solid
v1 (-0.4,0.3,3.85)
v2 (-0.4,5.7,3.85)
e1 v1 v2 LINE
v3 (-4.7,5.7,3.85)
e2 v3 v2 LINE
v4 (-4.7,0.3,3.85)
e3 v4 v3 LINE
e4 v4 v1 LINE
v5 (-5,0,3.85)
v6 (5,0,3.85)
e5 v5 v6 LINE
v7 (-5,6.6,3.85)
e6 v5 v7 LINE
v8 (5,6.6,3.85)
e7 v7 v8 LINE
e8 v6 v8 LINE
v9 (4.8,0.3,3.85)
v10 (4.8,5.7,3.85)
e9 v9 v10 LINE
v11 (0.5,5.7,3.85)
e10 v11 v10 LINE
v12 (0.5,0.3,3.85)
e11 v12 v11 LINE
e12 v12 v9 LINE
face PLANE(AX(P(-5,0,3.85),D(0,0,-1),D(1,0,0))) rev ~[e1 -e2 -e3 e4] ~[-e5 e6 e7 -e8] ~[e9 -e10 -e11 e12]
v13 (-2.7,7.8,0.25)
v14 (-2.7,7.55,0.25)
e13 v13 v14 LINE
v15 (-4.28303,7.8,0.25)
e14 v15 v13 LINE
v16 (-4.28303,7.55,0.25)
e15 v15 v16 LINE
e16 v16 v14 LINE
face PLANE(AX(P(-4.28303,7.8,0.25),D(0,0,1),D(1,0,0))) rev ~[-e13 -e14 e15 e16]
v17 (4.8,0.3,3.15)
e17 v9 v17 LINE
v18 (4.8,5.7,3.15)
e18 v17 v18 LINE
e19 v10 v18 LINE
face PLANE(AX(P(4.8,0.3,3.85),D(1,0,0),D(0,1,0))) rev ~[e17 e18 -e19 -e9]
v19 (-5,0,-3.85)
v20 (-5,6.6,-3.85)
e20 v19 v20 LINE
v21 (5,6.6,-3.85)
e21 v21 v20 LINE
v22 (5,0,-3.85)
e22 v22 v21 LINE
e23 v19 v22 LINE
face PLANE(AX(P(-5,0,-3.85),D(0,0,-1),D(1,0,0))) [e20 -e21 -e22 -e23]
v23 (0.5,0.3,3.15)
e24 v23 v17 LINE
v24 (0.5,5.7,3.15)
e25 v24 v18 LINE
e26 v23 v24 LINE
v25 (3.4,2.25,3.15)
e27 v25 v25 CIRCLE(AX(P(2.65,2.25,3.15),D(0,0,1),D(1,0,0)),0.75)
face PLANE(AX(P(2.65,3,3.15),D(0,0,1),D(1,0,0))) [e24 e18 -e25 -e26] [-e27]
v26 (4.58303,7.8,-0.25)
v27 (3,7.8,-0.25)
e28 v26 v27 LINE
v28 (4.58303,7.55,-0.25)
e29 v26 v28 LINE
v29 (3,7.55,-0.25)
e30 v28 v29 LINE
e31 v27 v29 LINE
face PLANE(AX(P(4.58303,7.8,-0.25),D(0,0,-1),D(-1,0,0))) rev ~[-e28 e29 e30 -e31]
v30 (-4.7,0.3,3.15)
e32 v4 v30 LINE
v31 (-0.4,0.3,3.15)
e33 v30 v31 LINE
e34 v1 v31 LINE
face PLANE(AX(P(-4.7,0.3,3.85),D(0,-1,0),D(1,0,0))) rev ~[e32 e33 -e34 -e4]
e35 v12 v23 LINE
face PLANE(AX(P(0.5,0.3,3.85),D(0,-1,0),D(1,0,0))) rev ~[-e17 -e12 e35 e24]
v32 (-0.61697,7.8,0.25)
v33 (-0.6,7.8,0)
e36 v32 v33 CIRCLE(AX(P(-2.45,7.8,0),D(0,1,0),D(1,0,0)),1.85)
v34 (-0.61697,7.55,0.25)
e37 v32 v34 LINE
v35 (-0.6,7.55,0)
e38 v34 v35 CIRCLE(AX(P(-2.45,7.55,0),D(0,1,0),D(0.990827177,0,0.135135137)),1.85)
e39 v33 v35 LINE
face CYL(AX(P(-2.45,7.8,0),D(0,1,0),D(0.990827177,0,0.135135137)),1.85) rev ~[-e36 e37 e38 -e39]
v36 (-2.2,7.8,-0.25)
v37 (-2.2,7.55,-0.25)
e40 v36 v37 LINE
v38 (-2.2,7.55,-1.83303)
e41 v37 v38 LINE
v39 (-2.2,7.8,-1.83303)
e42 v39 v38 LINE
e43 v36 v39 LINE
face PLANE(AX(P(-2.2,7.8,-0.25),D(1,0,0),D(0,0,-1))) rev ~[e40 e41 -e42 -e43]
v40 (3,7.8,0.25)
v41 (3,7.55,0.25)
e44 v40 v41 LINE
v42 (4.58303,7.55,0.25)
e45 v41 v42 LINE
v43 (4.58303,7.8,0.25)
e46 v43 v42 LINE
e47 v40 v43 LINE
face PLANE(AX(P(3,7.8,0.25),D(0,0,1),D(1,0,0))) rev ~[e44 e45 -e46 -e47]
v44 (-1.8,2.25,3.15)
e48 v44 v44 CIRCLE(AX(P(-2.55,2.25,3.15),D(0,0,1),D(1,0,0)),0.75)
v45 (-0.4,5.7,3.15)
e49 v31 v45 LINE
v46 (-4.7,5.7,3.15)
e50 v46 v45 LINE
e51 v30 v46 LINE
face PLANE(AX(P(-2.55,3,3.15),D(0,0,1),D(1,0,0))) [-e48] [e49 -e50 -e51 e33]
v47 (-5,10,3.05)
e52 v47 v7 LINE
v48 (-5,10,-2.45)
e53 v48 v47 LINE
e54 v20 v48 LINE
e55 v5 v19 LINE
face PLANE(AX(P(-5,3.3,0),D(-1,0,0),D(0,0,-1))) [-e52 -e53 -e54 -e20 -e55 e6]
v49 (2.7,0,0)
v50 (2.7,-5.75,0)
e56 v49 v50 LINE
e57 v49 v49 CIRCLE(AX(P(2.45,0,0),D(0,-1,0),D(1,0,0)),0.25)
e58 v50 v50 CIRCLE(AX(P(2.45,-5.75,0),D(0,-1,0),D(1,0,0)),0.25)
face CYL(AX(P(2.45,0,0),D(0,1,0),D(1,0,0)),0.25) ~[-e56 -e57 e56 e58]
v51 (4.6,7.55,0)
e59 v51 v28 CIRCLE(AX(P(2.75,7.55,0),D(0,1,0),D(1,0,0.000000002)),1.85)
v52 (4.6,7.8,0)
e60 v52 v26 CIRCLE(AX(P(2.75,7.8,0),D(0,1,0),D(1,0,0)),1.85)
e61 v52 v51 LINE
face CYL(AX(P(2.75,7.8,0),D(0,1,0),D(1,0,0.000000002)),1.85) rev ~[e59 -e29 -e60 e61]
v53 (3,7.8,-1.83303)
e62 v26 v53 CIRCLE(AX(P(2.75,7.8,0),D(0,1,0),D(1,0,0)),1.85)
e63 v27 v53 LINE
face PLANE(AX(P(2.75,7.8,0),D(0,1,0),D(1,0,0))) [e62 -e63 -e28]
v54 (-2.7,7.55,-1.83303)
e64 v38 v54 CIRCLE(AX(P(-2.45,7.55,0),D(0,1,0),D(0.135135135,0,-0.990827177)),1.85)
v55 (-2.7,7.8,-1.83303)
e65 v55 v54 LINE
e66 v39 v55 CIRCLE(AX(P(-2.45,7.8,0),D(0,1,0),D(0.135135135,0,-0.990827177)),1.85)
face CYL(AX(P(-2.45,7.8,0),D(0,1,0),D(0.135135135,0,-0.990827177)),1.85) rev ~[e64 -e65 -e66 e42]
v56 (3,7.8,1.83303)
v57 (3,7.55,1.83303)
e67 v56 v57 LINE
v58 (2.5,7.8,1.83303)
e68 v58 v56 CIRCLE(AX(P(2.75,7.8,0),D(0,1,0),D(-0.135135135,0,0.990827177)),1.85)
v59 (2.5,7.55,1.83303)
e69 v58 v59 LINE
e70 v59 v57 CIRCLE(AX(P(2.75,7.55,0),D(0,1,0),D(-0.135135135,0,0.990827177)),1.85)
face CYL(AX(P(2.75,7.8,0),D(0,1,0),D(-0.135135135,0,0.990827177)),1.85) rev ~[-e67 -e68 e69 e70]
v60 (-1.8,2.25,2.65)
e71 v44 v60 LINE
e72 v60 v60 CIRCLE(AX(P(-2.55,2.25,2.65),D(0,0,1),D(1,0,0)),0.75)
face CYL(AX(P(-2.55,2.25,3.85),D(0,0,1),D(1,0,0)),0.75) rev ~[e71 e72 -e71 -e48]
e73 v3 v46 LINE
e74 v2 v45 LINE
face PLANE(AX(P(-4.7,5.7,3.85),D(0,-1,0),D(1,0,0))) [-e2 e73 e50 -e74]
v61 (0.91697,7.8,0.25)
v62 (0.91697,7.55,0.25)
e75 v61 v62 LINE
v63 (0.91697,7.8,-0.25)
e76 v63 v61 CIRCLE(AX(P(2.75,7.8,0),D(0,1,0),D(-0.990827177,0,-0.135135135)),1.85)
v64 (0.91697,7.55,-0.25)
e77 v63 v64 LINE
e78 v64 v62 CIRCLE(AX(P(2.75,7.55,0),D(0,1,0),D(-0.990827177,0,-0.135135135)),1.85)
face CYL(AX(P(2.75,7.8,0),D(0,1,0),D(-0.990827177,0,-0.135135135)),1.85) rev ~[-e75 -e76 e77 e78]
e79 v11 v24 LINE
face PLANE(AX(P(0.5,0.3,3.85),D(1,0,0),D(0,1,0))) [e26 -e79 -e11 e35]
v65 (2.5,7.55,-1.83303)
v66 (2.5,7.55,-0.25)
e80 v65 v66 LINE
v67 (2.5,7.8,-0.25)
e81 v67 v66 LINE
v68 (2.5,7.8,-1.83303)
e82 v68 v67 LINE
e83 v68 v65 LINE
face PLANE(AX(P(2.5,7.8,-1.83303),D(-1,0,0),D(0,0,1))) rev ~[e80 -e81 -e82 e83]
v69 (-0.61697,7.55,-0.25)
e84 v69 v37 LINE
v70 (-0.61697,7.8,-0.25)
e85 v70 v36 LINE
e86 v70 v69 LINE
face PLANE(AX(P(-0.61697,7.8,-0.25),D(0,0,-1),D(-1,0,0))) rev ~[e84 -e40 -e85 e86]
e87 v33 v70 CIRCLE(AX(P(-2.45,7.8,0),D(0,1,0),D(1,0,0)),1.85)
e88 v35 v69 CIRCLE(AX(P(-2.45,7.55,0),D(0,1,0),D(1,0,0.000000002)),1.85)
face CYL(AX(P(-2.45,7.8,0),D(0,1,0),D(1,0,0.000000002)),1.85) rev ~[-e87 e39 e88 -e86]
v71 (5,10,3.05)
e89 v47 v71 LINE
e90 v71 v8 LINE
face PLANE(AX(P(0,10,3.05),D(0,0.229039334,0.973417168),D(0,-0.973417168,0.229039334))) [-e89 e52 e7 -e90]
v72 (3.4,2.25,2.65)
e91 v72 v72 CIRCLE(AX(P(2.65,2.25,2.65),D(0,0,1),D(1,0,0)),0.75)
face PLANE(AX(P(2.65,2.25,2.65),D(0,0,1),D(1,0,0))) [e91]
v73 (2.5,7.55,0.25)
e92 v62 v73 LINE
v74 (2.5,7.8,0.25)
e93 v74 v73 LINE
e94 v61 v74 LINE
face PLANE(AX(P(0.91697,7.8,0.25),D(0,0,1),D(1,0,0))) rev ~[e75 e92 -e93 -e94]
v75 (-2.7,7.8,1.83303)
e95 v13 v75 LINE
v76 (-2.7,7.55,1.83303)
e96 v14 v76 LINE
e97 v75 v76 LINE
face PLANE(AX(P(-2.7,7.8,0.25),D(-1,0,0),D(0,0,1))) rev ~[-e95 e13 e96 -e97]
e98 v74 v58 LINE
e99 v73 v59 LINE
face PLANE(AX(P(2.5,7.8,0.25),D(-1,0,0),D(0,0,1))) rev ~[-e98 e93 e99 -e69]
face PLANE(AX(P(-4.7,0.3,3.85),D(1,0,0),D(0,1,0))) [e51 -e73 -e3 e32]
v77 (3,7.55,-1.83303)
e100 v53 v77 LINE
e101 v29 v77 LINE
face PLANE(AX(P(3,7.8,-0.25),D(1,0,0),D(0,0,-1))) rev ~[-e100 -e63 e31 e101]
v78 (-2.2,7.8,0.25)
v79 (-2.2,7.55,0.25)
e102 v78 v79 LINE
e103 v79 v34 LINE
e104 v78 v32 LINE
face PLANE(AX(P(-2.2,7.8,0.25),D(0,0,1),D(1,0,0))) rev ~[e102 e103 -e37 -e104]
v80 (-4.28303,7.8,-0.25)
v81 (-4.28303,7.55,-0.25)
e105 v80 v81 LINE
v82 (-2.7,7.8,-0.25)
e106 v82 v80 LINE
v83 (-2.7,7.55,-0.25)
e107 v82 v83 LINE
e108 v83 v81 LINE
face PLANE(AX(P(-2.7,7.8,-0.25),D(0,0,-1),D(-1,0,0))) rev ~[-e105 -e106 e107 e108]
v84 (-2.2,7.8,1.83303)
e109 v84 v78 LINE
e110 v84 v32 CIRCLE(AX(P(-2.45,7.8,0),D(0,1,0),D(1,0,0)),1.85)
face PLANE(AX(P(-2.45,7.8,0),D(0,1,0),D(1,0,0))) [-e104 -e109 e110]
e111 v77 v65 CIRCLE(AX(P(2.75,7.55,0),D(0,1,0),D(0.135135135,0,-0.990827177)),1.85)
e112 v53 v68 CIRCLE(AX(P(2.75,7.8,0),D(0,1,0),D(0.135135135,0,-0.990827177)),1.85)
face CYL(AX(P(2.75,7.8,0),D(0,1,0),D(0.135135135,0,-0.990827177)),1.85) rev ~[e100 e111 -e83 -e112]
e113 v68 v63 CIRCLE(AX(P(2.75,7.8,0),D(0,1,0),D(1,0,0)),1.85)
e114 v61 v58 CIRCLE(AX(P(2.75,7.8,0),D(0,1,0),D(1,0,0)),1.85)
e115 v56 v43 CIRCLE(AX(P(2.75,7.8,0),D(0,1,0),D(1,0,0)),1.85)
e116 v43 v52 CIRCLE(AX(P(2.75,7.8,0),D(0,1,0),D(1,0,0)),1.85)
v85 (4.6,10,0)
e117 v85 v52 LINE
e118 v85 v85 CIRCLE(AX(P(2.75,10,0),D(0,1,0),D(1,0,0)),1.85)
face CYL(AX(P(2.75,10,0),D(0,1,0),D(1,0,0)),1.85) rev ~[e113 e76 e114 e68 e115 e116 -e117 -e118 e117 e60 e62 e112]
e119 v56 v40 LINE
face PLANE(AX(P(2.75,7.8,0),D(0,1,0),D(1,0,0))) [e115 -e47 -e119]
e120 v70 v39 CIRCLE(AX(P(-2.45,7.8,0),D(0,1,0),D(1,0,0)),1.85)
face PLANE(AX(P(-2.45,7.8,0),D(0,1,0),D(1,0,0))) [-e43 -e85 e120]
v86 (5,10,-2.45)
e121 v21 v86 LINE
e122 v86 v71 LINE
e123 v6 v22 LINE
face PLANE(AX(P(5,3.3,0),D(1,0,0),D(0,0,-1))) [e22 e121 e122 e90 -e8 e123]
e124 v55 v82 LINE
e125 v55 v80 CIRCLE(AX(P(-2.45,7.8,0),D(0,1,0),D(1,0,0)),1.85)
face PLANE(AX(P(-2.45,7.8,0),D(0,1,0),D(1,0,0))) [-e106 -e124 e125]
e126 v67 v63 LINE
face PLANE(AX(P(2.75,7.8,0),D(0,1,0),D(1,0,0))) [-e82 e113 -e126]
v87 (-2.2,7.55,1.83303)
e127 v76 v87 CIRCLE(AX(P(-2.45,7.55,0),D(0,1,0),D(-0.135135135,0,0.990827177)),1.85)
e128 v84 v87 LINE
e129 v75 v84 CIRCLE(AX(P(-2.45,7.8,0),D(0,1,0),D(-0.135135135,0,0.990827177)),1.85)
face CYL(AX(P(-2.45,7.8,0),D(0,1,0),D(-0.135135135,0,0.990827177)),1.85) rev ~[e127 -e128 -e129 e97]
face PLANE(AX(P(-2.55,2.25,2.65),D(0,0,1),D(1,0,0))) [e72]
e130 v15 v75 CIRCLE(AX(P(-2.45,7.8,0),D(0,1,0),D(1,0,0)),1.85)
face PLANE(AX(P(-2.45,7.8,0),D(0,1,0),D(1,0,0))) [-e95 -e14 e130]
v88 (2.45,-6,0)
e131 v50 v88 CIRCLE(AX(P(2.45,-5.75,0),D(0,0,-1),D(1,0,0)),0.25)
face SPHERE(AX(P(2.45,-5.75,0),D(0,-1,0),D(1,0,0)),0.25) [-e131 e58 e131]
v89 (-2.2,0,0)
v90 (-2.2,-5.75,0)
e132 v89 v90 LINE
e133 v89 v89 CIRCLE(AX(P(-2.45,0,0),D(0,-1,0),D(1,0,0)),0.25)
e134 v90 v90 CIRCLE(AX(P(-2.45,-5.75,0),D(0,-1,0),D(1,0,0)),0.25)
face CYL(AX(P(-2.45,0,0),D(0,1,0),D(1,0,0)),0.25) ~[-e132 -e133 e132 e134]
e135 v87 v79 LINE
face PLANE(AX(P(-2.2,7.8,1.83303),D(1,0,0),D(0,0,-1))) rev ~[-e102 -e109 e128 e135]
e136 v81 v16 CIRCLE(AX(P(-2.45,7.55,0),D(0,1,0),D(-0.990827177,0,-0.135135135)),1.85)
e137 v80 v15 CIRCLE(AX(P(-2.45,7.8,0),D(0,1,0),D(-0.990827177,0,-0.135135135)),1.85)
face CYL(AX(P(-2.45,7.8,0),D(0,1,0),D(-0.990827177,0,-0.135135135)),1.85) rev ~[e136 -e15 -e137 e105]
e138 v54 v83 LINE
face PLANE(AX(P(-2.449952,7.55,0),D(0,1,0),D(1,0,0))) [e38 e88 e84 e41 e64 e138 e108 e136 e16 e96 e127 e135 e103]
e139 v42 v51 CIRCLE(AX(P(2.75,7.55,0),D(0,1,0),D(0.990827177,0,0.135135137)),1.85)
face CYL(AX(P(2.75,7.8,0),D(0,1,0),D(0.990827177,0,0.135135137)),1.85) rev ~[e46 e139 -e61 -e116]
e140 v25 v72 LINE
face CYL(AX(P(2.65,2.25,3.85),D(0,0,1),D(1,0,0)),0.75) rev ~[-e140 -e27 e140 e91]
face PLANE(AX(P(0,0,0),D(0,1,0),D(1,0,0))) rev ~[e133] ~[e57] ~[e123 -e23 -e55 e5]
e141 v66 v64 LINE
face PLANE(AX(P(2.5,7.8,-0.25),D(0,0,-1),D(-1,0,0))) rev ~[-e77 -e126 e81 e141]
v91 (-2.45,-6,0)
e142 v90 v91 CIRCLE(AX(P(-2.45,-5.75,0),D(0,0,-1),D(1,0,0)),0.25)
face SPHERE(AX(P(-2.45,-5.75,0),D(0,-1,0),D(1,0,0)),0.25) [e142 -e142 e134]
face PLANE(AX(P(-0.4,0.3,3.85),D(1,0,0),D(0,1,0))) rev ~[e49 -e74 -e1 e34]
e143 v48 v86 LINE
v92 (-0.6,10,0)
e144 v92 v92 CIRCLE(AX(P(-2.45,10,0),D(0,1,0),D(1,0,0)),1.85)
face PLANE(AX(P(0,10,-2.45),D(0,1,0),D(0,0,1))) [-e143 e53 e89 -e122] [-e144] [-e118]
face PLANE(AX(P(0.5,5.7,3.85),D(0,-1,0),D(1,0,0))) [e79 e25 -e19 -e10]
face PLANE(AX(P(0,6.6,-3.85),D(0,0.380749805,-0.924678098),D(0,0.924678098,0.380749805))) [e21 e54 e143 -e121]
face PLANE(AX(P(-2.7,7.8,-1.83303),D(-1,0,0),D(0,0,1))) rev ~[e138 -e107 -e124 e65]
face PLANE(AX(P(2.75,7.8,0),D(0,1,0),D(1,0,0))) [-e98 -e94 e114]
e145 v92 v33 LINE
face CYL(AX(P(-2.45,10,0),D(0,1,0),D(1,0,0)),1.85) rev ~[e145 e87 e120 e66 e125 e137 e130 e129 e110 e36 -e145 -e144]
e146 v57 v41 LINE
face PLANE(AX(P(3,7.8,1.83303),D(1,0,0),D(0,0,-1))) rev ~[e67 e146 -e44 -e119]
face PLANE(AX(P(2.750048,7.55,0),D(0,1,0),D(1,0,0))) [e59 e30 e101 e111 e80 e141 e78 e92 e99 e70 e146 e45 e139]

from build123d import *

# Parameters (mm, degrees)
CROQUIS1_W                          = 10
CROQUIS1_H                          = 7.7
SALIENTE_EXTRUIR1_DEPTH             = 6.6
SALIENTE_EXTRUIR2_REACH             = 11.131
SALIENTE_EXTRUIR2_DIRECTION_2_REACH = 11.131
CROQUIS3_R                          = 1.85
CORTAR_EXTRUIR1_DEPTH               = 2.2
CORTAR_EXTRUIR2_DEPTH               = 0.25
MATRIZL1_COUNT                      = 2
MATRIZL1_PITCH                      = 5.2
CROQUIS5_W                          = 4.3
CROQUIS5_H                          = 5.4
CROQUIS5_R                          = 0.75
CORTAR_EXTRUIR3_DEPTH               = 0.7
CROQUIS5_2_R                        = 0.75
CORTAR_EXTRUIR4_DEPTH               = 1.2
MATRIZL2_COUNT                      = 2
MATRIZL2_PITCH                      = 5.2
CROQUIS6_R                          = 0.25
SALIENTE_EXTRUIR3_DEPTH             = 6
REDONDEO1_R                         = 0.25


with BuildPart() as part:
    # Croquis1 → Saliente-Extruir1 (new body)
    with BuildSketch(Plane(origin=(0, 0, 0), x_dir=(1, 0, 0), z_dir=(0, 1, 0))):
        Rectangle(CROQUIS1_W, CROQUIS1_H)
    extrude(amount=SALIENTE_EXTRUIR1_DEPTH)

    # Saliente-Extruir2: up to this face of the body (flat: up to its plane)
    saliente_extruir2_end = Plane(part.part.faces().sort_by_distance((5, 3.3, 0))[0])
    # Croquis2 → Saliente-Extruir2 (add, up to the picked face)
    with BuildSketch(Plane(origin=(0, 0, 0), x_dir=(0, 0, -1), z_dir=(1, 0, 0)), mode=Mode.PRIVATE) as saliente_extruir2_sk1:
        Polygon((-3.85, 6.6), (3.85, 6.6), (2.45, 10), (-3.05, 10), align=None)
    saliente_extruir2_tool1 = split(extrude(saliente_extruir2_sk1.sketch, amount=SALIENTE_EXTRUIR2_REACH, mode=Mode.PRIVATE), bisect_by=saliente_extruir2_end, keep=Keep.BOTH, mode=Mode.PRIVATE)
    add(saliente_extruir2_tool1.solids().sort_by(Axis((0, 8.205556, 0.141667), (1, 0, 0)))[0])

    # Saliente-Extruir2 direction 2: up to this face of the body (flat: up to its plane)
    saliente_extruir2_direction_2_end = Plane(part.part.faces().sort_by_distance((-5, 3.3, 0))[0])
    # Croquis2 → Saliente-Extruir2 direction 2 (add, up to the picked face)
    with BuildSketch(Plane(origin=(0, 0, 0), x_dir=(0, 0, -1), z_dir=(1, 0, 0)), mode=Mode.PRIVATE) as saliente_extruir2_direction_2_sk1:
        Polygon((-3.85, 6.6), (3.85, 6.6), (2.45, 10), (-3.05, 10), align=None)
    saliente_extruir2_direction_2_tool1 = split(extrude(saliente_extruir2_direction_2_sk1.sketch, amount=-SALIENTE_EXTRUIR2_DIRECTION_2_REACH, mode=Mode.PRIVATE), bisect_by=saliente_extruir2_direction_2_end, keep=Keep.BOTH, mode=Mode.PRIVATE)
    add(saliente_extruir2_direction_2_tool1.solids().sort_by(Axis((0, 8.205556, 0.141667), (-1, 0, 0)))[0])

    # Croquis3 → Cortar-Extruir1 (cut)
    with BuildSketch(Plane(origin=(0, 10, 0), x_dir=(1, 0, 0), z_dir=(0, 1, 0))):
        with Locations((-2.45, 0)):
            Circle(CROQUIS3_R)
    cortar_extruir1 = extrude(amount=-CORTAR_EXTRUIR1_DEPTH, mode=Mode.SUBTRACT)

    # Croquis4 → Cortar-Extruir2 (cut)
    with BuildSketch(Plane(origin=(0, 7.8, 0), x_dir=(1, 0, 0), z_dir=(0, 1, 0))):
        with BuildLine():
            ThreePointArc((-2.7, -1.833030278), (-2.45, -1.85), (-2.2, -1.833030278))
            Line((-2.2, -1.833030278), (-2.2, -0.25))
            Line((-2.2, -0.25), (-0.616969722, -0.25))
            ThreePointArc((-0.616969722, -0.25), (-0.604247306, -0.125287641), (-0.6, 0))
            ThreePointArc((-0.6, 0), (-0.604247306, 0.125287641), (-0.616969722, 0.25))
            Line((-0.616969722, 0.25), (-2.2, 0.25))
            Line((-2.2, 0.25), (-2.2, 1.833030278))
            ThreePointArc((-2.2, 1.833030278), (-2.45, 1.85), (-2.7, 1.833030278))
            Line((-2.7, 1.833030278), (-2.7, 0.25))
            Line((-2.7, 0.25), (-4.283030278, 0.25))
            ThreePointArc((-4.283030278, 0.25), (-4.3, 0), (-4.283030278, -0.25))
            Line((-4.283030278, -0.25), (-2.7, -0.25))
            Line((-2.7, -0.25), (-2.7, -1.833030278))
        make_face()
    cortar_extruir2 = extrude(amount=-CORTAR_EXTRUIR2_DEPTH, mode=Mode.SUBTRACT)

    # MatrizL1: Cortar-Extruir1, Cortar-Extruir2 ×2
    with Locations(*[(i * MATRIZL1_PITCH, 0, 0) for i in range(1, MATRIZL1_COUNT)]):
        add(cortar_extruir1, mode=Mode.SUBTRACT)
        add(cortar_extruir2, mode=Mode.SUBTRACT)

    # Croquis5 → Cortar-Extruir3 (cut)
    with BuildSketch(Plane.XY.offset(3.85)):
        with Locations((-2.55, 3)):
            Rectangle(CROQUIS5_W, CROQUIS5_H)
        with Locations((-2.55, 2.25)):
            Circle(CROQUIS5_R, mode=Mode.SUBTRACT)
    cortar_extruir3 = extrude(amount=-CORTAR_EXTRUIR3_DEPTH, mode=Mode.SUBTRACT)

    # Croquis5<2> → Cortar-Extruir4 (cut)
    with BuildSketch(Plane.XY.offset(3.85)):
        with Locations((-2.55, 2.25)):
            Circle(CROQUIS5_2_R)
    cortar_extruir4 = extrude(amount=-CORTAR_EXTRUIR4_DEPTH, mode=Mode.SUBTRACT)

    # MatrizL2: Cortar-Extruir3, Cortar-Extruir4 ×2
    with Locations(*[(i * MATRIZL2_PITCH, 0, 0) for i in range(1, MATRIZL2_COUNT)]):
        add(cortar_extruir3, mode=Mode.SUBTRACT)
        add(cortar_extruir4, mode=Mode.SUBTRACT)

    # Croquis6 → Saliente-Extruir3 (add)
    with BuildSketch(Plane.XZ):
        with Locations((-2.45, 0)):
            Circle(CROQUIS6_R)
        with Locations((2.45, 0)):
            Circle(CROQUIS6_R)
    extrude(amount=SALIENTE_EXTRUIR3_DEPTH)

    # Redondeo1
    redondeo1_edges = [part.edges().sort_by_distance(p)[0] for p in [
        (-2.7, -6, 0),
        (2.2, -6, 0),
    ]]
    fillet(redondeo1_edges, radius=REDONDEO1_R)


solid = part.part
